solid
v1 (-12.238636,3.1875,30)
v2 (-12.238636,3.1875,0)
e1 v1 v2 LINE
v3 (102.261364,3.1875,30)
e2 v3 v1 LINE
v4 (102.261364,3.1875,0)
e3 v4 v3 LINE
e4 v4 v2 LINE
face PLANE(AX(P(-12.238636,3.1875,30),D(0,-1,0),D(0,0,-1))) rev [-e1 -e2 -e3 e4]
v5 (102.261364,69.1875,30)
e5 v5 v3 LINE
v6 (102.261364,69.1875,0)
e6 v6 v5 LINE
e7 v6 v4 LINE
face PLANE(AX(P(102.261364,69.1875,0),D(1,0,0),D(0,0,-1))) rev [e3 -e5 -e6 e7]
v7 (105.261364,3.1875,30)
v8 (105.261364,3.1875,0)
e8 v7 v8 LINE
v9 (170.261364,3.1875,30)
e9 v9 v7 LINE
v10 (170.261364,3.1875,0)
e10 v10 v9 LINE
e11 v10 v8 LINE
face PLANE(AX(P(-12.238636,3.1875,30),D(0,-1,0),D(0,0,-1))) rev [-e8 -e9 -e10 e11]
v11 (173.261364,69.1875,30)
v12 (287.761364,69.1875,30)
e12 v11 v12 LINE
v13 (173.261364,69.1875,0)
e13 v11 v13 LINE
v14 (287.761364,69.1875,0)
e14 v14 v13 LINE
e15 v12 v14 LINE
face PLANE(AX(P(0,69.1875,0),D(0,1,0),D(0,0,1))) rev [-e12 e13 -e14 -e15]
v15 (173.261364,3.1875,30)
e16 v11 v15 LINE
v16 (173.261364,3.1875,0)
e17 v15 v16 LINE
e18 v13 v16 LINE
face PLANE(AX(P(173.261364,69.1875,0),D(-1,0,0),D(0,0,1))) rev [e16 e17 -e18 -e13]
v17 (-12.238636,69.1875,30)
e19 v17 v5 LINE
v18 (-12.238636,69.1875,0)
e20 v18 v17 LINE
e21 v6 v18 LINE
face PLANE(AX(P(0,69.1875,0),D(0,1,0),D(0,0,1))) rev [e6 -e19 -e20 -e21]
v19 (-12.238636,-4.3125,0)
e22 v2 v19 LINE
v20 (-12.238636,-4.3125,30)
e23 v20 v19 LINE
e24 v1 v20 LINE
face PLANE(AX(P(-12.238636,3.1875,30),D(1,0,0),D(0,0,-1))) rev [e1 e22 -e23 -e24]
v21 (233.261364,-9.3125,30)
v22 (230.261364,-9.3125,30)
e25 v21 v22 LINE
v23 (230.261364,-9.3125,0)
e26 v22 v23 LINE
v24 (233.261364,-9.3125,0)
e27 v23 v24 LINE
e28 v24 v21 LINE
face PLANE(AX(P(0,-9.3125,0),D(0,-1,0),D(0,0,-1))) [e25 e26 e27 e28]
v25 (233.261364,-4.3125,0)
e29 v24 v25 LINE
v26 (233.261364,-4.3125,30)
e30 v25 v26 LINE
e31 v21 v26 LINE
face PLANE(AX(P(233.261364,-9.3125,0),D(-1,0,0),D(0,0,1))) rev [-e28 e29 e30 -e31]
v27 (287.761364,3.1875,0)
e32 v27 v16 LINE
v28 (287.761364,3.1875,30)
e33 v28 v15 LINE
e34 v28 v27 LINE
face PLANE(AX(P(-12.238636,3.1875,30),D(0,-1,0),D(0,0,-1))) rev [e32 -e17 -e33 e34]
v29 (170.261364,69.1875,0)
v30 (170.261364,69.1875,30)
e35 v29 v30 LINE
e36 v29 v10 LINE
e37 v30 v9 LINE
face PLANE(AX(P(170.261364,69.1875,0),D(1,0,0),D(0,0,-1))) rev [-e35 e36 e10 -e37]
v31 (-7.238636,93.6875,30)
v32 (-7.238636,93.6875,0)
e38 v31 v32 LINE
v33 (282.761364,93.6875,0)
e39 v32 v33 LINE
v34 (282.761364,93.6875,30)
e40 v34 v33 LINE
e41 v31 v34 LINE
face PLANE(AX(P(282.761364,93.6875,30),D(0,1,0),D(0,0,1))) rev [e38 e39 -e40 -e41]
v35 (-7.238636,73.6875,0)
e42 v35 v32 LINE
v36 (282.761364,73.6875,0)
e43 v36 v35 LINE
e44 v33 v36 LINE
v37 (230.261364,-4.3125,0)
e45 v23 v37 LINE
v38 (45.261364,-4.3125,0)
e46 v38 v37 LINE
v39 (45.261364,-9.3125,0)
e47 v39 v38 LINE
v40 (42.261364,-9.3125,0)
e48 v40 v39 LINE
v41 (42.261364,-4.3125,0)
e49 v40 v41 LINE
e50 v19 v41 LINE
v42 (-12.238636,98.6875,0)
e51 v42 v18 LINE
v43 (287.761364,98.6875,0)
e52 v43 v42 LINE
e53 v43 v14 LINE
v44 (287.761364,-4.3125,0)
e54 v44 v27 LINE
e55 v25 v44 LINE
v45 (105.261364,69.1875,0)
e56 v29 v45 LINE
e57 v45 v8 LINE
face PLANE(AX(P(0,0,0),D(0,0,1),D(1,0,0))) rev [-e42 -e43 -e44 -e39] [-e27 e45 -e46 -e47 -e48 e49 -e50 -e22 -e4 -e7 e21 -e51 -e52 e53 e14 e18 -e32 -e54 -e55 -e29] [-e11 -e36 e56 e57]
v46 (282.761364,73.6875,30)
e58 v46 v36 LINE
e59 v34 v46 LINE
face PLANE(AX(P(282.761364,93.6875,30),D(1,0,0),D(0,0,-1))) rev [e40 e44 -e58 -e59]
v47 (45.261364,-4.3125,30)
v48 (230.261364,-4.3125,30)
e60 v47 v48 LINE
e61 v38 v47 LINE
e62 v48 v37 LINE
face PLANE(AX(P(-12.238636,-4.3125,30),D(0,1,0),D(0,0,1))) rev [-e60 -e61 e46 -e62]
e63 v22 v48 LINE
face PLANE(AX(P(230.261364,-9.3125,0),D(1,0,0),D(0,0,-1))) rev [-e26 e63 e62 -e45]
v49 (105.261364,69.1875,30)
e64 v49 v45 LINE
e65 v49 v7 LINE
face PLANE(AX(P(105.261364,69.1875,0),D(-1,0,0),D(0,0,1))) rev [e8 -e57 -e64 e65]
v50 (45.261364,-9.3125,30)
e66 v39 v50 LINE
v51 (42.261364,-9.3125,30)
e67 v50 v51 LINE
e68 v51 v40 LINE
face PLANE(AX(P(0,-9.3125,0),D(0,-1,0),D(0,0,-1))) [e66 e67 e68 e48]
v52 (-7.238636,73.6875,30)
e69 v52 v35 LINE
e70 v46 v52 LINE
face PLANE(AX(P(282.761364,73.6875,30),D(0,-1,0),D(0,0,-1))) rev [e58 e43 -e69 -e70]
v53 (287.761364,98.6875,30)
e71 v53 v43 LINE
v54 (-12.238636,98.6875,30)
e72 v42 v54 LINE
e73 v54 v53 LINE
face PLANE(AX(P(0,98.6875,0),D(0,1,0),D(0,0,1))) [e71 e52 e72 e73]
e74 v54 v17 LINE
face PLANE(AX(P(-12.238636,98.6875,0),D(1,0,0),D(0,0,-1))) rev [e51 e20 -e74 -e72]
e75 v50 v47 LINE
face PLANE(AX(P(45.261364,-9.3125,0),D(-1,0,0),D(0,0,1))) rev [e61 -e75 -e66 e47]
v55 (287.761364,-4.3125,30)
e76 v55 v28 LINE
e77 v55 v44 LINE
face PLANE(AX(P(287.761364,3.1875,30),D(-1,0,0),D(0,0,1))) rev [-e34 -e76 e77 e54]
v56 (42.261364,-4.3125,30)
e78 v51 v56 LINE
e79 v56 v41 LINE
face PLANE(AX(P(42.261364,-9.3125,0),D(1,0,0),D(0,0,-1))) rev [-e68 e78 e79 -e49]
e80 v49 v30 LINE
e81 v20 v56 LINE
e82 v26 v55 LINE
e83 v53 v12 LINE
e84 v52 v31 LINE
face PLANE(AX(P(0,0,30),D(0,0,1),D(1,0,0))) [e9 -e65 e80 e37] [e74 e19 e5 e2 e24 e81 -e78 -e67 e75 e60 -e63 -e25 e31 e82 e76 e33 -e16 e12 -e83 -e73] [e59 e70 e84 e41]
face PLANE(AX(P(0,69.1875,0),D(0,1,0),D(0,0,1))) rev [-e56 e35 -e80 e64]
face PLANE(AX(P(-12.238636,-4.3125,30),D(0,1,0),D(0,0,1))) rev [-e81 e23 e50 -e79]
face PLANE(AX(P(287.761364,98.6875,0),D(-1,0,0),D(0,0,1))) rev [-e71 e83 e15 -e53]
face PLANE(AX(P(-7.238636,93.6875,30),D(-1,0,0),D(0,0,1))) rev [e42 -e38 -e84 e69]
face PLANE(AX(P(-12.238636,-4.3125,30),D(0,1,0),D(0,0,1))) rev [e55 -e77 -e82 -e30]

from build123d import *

# Parameters (mm, degrees)
SKETCH2_W           = 300
SKETCH2_H           = 7.5
BOSS_EXTRUDE1_DEPTH = 30
SKETCH3_W           = 3
SKETCH3_H           = 30
BOSS_EXTRUDE2_DEPTH = 5
SKETCH4_W           = 3
SKETCH4_H           = 30
BOSS_EXTRUDE3_DEPTH = 66
SKETCH5_W           = 300
SKETCH5_H           = 30
BOSS_EXTRUDE4_DEPTH = 29.5
SKETCH6_W           = 290
SKETCH6_H           = 20
CUT_EXTRUDE1_DEPTH  = 306.68909869


with BuildPart() as part:
    # Sketch2 → Boss-Extrude1 (new body)
    with BuildSketch(Plane.XY):
        with Locations((137.761363636, -0.5625)):
            Rectangle(SKETCH2_W, SKETCH2_H)
    extrude(amount=BOSS_EXTRUDE1_DEPTH)

    # Sketch3 → Boss-Extrude2 (add)
    with BuildSketch(Plane.XZ.offset(4.3125)):
        with Locations((231.761363636, 15)):
            Rectangle(SKETCH3_W, SKETCH3_H)
        with Locations((43.761363636, 15)):
            Rectangle(SKETCH3_W, SKETCH3_H)
    extrude(amount=BOSS_EXTRUDE2_DEPTH)

    # Sketch4 → Boss-Extrude3 (add)
    with BuildSketch(Plane(origin=(0, 3.1875, 0), x_dir=(1, 0, 0), z_dir=(0, 1, 0))):
        with Locations((171.761363636, -15)):
            Rectangle(SKETCH4_W, SKETCH4_H)
        with Locations((103.761363636, -15)):
            Rectangle(SKETCH4_W, SKETCH4_H)
    extrude(amount=BOSS_EXTRUDE3_DEPTH)

    # Sketch5 → Boss-Extrude4 (add)
    with BuildSketch(Plane(origin=(0, 69.1875, 0), x_dir=(1, 0, 0), z_dir=(0, 1, 0))):
        with Locations((137.761363636, -15)):
            Rectangle(SKETCH5_W, SKETCH5_H)
    extrude(amount=BOSS_EXTRUDE4_DEPTH)

    # Sketch6 → Cut-Extrude1 (cut, through all)
    with BuildSketch(Plane(origin=(0, 0, 0), x_dir=(-1, 0, 0), z_dir=(0, 0, -1))):
        with Locations((-137.761363636, 83.6875)):
            Rectangle(SKETCH6_W, SKETCH6_H)
    extrude(amount=-CUT_EXTRUDE1_DEPTH, mode=Mode.SUBTRACT)


solid = part.part
